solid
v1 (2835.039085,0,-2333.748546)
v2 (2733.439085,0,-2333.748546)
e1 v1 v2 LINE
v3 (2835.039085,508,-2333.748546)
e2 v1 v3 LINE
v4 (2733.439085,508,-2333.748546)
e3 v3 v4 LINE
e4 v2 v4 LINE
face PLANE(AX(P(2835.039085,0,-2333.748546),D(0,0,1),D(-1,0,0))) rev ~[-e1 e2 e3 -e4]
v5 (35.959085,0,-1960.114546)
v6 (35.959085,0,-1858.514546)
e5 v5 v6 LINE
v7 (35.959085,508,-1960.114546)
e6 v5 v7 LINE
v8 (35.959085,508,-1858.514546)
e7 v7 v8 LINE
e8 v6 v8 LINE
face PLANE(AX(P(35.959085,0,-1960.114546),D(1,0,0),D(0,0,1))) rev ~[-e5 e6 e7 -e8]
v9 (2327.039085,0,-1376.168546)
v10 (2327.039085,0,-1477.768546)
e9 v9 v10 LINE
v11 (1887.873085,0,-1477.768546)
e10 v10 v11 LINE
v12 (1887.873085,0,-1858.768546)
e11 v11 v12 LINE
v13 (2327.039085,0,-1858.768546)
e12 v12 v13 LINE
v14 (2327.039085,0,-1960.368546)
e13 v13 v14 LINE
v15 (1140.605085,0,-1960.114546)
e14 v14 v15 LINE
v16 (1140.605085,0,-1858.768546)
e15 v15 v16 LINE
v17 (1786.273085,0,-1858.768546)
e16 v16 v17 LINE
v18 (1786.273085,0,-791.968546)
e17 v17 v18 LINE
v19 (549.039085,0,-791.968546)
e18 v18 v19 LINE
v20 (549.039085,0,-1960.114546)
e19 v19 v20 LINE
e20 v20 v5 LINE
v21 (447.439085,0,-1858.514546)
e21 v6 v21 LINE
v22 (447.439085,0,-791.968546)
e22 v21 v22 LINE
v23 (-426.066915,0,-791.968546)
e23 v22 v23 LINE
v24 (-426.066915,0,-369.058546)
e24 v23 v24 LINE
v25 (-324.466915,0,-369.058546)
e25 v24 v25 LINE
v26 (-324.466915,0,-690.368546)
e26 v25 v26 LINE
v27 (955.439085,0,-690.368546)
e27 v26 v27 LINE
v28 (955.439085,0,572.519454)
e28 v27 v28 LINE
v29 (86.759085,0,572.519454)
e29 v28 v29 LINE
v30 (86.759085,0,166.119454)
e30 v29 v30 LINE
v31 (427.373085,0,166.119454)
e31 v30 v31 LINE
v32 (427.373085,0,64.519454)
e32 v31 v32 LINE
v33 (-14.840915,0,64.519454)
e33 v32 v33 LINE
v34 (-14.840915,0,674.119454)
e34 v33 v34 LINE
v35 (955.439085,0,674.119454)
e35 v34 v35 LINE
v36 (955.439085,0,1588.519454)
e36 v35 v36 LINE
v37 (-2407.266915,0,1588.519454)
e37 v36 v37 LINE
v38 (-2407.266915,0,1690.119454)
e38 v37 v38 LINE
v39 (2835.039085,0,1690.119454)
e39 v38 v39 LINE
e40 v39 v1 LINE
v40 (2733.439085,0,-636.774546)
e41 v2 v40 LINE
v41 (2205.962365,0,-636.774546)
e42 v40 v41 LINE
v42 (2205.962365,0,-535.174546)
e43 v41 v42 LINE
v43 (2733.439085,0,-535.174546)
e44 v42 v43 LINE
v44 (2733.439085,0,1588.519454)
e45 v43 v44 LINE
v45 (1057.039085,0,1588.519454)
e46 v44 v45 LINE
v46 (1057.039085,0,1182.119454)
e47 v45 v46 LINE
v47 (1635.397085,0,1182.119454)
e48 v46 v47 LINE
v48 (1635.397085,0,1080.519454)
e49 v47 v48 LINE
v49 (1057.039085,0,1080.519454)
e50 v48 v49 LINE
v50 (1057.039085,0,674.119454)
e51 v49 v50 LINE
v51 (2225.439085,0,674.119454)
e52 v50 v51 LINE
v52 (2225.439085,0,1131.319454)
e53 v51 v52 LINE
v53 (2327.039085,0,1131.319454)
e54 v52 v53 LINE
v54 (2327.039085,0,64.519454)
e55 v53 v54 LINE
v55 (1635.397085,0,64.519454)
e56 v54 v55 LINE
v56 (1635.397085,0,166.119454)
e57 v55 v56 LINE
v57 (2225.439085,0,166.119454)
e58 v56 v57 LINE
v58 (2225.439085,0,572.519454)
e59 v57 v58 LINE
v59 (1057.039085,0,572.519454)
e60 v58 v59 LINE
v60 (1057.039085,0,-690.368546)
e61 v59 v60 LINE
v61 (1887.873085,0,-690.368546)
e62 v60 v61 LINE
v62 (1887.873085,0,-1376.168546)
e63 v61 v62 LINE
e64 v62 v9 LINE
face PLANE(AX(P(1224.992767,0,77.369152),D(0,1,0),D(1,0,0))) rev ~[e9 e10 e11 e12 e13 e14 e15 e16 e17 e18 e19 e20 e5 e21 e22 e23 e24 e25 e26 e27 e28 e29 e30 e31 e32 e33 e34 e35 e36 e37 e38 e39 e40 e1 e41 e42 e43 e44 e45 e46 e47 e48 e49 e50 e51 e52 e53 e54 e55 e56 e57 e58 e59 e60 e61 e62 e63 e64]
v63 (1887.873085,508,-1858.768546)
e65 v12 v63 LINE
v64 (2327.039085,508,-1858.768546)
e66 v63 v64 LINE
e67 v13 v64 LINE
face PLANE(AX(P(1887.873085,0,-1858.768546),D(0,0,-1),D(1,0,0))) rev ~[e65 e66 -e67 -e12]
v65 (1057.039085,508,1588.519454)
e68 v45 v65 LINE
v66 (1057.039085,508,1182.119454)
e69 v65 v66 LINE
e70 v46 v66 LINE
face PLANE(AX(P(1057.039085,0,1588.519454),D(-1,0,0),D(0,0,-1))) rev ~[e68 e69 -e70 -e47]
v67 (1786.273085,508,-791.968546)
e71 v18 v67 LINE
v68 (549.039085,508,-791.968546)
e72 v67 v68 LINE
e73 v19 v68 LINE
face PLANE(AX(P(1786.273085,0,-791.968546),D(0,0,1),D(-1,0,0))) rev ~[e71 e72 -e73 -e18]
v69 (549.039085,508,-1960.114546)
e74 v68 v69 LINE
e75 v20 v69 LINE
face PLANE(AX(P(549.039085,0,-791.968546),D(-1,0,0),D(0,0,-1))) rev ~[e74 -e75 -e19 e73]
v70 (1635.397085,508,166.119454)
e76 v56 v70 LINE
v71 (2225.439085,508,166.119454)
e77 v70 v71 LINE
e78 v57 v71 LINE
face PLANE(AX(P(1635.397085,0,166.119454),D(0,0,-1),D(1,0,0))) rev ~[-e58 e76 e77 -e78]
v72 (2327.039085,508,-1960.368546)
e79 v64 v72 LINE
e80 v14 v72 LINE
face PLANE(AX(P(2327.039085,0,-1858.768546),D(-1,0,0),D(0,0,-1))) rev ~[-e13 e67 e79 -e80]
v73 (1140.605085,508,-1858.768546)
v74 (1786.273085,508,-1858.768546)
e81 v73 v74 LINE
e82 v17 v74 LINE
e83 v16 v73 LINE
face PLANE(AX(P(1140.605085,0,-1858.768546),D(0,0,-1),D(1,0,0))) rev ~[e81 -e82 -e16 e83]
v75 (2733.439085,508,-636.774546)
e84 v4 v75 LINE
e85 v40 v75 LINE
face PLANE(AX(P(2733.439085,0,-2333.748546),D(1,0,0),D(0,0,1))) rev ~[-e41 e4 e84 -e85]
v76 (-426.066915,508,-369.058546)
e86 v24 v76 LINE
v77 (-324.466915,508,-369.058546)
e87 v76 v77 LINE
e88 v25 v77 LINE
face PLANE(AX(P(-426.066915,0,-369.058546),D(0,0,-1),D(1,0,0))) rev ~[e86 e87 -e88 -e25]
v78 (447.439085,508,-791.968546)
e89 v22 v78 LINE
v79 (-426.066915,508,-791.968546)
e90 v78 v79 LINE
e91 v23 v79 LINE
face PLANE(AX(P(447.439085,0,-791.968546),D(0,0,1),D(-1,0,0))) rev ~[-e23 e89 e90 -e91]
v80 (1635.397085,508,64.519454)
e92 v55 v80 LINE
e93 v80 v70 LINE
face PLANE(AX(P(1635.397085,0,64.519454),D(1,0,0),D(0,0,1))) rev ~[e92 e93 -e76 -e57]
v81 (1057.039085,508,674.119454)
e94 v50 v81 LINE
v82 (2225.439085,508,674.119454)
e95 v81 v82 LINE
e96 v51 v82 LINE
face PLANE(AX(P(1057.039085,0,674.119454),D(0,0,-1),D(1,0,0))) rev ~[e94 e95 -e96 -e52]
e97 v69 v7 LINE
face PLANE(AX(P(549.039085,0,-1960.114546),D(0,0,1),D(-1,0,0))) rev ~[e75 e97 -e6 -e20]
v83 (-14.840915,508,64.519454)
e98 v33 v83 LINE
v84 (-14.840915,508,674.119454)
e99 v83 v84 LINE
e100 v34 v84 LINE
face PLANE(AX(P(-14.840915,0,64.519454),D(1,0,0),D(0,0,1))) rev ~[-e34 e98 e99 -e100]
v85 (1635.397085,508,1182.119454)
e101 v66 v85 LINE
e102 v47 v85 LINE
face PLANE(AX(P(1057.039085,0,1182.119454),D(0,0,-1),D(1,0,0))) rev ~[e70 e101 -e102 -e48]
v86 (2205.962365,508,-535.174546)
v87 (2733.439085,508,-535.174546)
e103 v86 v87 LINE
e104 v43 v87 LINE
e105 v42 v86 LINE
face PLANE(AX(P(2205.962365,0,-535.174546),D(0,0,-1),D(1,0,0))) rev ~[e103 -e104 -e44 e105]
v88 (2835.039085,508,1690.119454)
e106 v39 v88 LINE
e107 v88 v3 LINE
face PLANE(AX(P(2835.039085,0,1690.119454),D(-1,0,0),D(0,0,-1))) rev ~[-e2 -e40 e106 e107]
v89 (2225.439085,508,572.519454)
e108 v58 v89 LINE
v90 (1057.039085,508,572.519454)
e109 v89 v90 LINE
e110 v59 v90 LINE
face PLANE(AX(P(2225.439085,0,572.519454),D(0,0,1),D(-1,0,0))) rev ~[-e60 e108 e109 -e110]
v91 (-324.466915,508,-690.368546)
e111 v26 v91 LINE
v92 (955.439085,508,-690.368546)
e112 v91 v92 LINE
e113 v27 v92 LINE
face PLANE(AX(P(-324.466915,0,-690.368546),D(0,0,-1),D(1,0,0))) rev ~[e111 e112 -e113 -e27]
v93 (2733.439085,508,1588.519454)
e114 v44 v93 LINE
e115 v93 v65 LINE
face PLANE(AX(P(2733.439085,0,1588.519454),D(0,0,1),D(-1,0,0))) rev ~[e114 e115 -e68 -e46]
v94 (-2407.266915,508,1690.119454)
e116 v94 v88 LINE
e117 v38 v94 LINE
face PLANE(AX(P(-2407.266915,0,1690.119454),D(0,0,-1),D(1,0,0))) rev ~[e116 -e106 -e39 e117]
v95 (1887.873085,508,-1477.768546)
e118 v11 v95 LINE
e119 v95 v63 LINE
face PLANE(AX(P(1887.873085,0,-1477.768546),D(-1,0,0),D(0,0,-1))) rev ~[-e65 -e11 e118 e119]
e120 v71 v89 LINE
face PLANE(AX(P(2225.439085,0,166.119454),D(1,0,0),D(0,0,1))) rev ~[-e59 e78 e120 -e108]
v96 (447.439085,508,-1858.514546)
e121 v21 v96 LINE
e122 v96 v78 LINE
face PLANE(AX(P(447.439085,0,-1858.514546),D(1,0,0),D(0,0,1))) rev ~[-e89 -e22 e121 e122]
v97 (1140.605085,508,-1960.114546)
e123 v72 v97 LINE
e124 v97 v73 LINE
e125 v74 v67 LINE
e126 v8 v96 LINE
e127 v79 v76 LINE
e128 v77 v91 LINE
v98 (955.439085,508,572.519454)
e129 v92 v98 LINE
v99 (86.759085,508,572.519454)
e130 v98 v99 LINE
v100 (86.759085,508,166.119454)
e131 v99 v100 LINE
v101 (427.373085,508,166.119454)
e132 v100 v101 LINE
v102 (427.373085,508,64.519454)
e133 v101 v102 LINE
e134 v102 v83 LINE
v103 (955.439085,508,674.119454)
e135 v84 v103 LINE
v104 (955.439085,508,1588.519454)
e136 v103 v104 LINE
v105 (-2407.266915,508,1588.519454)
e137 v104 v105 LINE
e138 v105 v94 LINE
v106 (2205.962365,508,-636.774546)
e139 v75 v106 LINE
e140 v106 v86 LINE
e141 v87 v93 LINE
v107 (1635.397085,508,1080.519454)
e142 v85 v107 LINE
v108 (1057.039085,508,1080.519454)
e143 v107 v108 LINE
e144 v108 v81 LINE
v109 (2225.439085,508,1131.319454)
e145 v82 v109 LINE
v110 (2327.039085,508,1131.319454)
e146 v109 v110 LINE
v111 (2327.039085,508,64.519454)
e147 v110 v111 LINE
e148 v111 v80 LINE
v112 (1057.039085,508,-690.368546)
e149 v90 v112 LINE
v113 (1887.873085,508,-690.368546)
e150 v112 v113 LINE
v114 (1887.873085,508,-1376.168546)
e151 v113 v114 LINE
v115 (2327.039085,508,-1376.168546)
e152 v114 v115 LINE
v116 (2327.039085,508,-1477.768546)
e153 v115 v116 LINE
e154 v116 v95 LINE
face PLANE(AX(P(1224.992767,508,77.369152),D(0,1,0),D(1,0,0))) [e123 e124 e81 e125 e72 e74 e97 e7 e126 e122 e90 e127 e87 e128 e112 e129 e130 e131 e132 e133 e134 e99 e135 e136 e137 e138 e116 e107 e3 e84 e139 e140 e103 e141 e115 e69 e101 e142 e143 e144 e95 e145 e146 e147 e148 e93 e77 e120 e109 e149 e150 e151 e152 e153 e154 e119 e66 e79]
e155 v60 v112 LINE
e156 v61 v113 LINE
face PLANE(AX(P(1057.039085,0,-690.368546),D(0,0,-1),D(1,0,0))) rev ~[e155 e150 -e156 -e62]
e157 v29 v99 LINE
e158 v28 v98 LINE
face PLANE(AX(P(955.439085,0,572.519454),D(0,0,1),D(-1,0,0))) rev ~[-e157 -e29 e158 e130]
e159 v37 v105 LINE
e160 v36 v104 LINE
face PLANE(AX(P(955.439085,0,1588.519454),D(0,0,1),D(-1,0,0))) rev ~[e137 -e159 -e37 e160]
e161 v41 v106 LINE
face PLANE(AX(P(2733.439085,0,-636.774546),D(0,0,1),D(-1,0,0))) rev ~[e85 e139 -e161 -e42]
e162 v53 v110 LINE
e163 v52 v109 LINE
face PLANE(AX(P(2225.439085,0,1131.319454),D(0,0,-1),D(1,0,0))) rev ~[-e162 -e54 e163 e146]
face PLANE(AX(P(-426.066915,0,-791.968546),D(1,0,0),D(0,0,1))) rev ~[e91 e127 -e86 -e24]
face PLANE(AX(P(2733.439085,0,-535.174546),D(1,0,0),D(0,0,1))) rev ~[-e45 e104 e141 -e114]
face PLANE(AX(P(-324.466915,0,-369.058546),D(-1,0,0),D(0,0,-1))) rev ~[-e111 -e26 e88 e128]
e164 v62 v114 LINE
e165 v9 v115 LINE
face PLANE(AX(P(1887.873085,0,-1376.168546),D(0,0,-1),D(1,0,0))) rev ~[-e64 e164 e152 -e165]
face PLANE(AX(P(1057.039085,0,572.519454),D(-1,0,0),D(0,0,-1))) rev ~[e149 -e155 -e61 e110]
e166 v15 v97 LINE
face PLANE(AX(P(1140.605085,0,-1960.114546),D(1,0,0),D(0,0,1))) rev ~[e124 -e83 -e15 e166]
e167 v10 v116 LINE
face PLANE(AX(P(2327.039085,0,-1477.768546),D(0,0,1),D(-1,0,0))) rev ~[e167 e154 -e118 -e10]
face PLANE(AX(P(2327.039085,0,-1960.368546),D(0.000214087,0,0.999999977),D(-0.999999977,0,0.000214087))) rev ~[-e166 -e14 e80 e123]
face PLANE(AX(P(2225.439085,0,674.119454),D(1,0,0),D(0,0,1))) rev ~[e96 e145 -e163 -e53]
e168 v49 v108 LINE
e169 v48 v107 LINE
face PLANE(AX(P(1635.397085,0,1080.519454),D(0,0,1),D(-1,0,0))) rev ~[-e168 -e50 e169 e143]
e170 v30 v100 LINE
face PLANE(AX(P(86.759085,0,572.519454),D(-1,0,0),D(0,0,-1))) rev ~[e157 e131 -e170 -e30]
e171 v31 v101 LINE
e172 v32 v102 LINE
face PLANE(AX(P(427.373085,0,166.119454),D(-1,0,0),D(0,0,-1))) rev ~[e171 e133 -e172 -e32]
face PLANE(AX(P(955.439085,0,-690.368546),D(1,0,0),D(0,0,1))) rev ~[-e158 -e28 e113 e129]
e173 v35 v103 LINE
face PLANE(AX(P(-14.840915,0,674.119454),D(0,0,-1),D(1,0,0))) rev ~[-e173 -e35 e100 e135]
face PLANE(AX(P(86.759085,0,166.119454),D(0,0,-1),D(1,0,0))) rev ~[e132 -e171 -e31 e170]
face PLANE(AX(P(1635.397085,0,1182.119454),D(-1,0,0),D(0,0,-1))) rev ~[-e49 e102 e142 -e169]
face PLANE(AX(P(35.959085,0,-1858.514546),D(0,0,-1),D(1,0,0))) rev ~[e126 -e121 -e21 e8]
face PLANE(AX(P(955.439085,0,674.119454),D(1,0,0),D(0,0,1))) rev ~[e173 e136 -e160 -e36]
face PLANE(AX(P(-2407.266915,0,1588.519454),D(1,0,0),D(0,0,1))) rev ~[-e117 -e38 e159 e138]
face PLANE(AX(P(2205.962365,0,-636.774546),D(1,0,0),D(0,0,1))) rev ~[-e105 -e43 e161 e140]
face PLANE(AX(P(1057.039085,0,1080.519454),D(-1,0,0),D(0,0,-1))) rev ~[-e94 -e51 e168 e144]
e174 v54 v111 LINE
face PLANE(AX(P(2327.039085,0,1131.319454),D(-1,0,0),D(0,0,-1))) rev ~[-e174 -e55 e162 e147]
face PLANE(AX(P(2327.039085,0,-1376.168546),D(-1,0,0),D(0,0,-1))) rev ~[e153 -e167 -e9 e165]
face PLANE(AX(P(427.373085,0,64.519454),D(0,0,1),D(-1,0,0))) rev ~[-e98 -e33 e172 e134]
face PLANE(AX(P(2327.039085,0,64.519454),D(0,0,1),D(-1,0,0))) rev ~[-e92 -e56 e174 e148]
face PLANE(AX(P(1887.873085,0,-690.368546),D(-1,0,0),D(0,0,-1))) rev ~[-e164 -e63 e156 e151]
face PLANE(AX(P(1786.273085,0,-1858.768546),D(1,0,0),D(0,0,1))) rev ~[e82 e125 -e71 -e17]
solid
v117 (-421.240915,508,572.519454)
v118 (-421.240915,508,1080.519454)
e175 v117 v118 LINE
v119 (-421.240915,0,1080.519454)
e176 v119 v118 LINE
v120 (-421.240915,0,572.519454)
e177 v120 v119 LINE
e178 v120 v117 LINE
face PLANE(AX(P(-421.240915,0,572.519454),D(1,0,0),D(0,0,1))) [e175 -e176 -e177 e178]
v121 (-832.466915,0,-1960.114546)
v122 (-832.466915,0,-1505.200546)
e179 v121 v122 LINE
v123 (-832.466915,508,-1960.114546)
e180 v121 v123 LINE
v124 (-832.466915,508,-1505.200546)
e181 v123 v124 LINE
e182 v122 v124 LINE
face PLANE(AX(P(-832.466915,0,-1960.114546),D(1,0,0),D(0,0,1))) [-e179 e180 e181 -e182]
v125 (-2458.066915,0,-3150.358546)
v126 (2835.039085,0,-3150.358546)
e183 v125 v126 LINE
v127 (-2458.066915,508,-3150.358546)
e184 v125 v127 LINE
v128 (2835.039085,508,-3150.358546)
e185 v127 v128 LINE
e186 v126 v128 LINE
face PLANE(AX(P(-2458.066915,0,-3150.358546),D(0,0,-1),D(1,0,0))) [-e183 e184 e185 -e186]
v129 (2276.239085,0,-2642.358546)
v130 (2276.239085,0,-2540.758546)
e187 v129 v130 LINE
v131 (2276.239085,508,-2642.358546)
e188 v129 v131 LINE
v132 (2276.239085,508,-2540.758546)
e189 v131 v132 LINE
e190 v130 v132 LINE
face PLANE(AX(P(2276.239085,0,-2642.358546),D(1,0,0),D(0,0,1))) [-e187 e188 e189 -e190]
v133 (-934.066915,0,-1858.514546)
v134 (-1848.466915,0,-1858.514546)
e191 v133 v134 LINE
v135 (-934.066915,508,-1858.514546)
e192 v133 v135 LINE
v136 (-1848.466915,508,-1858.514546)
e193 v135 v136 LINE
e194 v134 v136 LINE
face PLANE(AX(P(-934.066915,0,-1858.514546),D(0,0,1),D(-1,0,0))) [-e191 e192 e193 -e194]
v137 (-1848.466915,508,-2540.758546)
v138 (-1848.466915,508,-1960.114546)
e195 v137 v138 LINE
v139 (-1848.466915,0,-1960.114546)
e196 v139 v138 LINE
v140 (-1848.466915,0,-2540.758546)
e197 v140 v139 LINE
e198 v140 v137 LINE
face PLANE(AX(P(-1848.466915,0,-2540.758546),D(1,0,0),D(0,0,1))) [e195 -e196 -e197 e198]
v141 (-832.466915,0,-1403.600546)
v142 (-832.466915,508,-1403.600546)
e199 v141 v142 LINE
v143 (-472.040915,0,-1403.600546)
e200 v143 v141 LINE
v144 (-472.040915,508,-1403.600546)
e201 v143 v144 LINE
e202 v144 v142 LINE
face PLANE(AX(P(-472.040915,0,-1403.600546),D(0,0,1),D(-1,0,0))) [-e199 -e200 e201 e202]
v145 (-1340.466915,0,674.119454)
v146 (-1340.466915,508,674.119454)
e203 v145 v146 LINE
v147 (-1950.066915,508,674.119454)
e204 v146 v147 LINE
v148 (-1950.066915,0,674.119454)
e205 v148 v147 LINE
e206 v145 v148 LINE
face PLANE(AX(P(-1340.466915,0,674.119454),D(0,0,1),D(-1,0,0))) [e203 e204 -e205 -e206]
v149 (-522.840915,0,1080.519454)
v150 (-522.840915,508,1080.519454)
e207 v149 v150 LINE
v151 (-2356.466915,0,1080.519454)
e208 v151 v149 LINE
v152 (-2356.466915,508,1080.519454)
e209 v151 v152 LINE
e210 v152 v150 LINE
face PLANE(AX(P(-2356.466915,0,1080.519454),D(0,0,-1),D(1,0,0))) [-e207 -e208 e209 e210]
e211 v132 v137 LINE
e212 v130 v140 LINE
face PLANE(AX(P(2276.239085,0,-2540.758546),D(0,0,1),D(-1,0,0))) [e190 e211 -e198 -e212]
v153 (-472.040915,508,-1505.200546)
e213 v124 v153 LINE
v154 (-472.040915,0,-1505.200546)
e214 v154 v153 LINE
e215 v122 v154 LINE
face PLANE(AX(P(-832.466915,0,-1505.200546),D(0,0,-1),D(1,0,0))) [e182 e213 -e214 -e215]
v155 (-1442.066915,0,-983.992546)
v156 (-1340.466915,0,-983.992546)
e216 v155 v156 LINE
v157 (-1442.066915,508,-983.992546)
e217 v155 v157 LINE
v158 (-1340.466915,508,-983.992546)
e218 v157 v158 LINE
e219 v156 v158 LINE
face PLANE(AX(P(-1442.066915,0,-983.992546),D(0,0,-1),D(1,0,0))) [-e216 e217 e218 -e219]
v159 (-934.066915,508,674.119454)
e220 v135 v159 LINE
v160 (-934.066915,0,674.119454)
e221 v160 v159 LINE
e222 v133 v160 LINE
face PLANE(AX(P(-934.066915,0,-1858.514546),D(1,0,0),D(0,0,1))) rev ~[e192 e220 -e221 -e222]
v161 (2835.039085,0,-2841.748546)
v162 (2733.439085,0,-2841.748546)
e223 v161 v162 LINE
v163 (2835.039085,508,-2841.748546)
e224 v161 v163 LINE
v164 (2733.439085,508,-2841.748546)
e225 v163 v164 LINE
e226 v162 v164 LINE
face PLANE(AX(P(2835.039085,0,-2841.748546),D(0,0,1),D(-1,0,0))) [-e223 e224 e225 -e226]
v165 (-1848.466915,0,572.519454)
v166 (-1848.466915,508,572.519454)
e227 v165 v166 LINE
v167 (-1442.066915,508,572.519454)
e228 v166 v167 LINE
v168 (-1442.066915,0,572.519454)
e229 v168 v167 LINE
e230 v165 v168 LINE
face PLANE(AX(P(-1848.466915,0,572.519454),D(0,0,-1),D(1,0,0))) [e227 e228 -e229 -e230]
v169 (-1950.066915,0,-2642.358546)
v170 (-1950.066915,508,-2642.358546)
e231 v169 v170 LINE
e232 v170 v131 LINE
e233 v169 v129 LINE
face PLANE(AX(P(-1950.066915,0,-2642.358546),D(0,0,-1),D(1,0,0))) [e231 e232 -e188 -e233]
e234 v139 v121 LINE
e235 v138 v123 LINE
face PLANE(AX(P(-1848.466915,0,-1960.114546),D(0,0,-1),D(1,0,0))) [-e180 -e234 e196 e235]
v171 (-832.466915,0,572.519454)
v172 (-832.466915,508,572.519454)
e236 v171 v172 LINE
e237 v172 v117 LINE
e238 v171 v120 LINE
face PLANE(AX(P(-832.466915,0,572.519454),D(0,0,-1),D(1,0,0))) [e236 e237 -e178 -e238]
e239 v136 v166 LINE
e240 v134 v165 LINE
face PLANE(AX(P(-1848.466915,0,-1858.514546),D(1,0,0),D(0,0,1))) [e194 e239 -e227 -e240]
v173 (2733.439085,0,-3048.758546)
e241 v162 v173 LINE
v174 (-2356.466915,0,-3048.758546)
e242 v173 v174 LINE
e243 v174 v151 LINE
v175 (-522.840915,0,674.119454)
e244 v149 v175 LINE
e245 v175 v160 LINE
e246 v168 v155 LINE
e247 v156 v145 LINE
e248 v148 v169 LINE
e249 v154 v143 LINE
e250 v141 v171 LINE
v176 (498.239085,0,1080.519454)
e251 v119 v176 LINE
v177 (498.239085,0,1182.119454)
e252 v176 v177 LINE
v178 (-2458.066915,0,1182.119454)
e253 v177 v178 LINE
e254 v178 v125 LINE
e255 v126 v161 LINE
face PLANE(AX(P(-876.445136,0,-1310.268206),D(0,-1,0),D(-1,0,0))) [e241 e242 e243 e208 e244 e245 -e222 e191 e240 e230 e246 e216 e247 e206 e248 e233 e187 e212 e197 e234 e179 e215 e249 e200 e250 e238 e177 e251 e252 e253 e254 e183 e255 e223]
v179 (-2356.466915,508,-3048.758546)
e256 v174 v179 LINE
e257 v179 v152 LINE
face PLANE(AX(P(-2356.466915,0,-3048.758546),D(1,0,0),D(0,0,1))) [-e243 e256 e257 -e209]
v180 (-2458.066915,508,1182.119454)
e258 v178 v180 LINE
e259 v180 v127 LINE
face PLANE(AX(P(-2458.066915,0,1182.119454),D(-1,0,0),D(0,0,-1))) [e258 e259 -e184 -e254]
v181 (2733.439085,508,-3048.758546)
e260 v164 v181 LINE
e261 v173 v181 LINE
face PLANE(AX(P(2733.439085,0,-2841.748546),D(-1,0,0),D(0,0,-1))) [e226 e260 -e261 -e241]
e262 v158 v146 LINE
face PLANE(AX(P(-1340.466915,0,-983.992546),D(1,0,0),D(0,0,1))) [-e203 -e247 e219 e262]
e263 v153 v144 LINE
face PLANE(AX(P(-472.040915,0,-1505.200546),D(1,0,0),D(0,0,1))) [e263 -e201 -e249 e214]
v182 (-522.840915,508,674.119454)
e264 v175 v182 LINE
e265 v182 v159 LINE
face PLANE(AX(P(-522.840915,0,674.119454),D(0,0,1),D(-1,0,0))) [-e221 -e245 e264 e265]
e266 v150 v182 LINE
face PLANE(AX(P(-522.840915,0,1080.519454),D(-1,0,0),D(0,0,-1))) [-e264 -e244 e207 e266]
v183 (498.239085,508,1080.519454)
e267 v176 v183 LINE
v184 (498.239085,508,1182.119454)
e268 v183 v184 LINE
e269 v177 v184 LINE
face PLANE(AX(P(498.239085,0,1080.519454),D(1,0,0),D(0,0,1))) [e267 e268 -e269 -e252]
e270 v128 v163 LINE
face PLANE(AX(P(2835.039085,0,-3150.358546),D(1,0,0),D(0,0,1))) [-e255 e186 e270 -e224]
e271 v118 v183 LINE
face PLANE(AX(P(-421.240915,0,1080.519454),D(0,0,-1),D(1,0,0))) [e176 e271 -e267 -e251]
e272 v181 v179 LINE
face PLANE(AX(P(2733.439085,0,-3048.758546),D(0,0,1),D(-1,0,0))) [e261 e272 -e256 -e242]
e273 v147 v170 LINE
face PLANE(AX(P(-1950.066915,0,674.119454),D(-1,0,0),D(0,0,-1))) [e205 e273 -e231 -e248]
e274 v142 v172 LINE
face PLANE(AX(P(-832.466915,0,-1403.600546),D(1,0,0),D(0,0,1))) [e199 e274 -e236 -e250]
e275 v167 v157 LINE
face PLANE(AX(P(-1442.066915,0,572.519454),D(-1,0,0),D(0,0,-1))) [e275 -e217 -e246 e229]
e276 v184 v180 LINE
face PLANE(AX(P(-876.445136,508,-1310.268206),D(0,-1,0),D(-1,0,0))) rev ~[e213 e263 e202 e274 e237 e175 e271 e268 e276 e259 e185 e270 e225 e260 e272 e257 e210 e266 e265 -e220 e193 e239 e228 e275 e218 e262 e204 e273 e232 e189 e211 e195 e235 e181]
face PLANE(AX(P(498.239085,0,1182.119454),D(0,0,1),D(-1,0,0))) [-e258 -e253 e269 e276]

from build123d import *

# Parameters (mm, degrees)
BOSS_EXTRUDE1_DEPTH = 508
BOSS_EXTRUDE2_DEPTH = 508


with BuildPart() as part:
    # Sketch1 → Boss-Extrude1 (new body)
    with BuildSketch(Plane(origin=(0, 0, 0), x_dir=(1, 0, 0), z_dir=(0, 1, 0))):
        Polygon((-2407.2669152, -1690.1194544), (2835.0390848, -1690.1194544), (2835.0390848, 2333.7485456), (2733.4390848, 2333.7485456), (2733.4390848, 636.7745456), (2205.9623648, 636.7745456), (2205.9623648, 535.1745456), (2733.4390848, 535.1745456), (2733.4390848, -1588.5194544), (1057.0390848, -1588.5194544), (1057.0390848, -1182.1194544), (1635.3970848, -1182.1194544), (1635.3970848, -1080.5194544), (1057.0390848, -1080.5194544), (1057.0390848, -674.1194544), (2225.4390848, -674.1194544), (2225.4390848, -1131.3194544), (2327.0390848, -1131.3194544), (2327.0390848, -64.5194544), (1635.3970848, -64.5194544), (1635.3970848, -166.1194544), (2225.4390848, -166.1194544), (2225.4390848, -572.5194544), (1057.0390848, -572.5194544), (1057.0390848, 690.3685456), (1887.8730848, 690.3685456), (1887.8730848, 1376.1685456), (2327.0390848, 1376.1685456), (2327.0390848, 1477.7685456), (1887.8730848, 1477.7685456), (1887.8730848, 1858.7685456), (2327.0390848, 1858.7685456), (2327.0390848, 1960.3685456), (1140.6050848, 1960.1145456), (1140.6050848, 1858.7685456), (1786.2730848, 1858.7685456), (1786.2730848, 791.9685456), (549.0390848, 791.9685456), (549.0390848, 1960.1145456), (35.9590848, 1960.1145456), (35.9590848, 1858.5145456), (447.4390848, 1858.5145456), (447.4390848, 791.9685456), (-426.0669152, 791.9685456), (-426.0669152, 369.0585456), (-324.4669152, 369.0585456), (-324.4669152, 690.3685456), (955.4390848, 690.3685456), (955.4390848, -572.5194544), (86.7590848, -572.5194544), (86.7590848, -166.1194544), (427.3730848, -166.1194544), (427.3730848, -64.5194544), (-14.8409152, -64.5194544), (-14.8409152, -674.1194544), (955.4390848, -674.1194544), (955.4390848, -1588.5194544), (-2407.2669152, -1588.5194544), align=None)
    extrude(amount=BOSS_EXTRUDE1_DEPTH)


with BuildPart() as body_2:
    # Sketch1<3> → Boss-Extrude2 (new body)
    with BuildSketch(Plane(origin=(0, 0, 0), x_dir=(1, 0, 0), z_dir=(0, 1, 0))):
        Polygon((498.2390848, -1182.1194544), (-2458.0669152, -1182.1194544), (-2458.0669152, 3150.3585456), (2835.0390848, 3150.3585456), (2835.0390848, 2841.7485456), (2733.4390848, 2841.7485456), (2733.4390848, 3048.7585456), (-2356.4669152, 3048.7585456), (-2356.4669152, -1080.5194544), (-522.8409152, -1080.5194544), (-522.8409152, -674.1194544), (-934.0669152, -674.1194544), (-934.0669152, 1454.4005456), (-934.0669152, 1858.5145456), (-1848.4669152, 1858.5145456), (-1848.4669152, -572.5194544), (-1442.0669152, -572.5194544), (-1442.0669152, 983.9925456), (-1340.4669152, 983.9925456), (-1340.4669152, -674.1194544), (-1950.0669152, -674.1194544), (-1950.0669152, 2642.3585456), (2276.2390848, 2642.3585456), (2276.2390848, 2540.7585456), (-1848.4669152, 2540.7585456), (-1848.4669152, 1960.1145456), (-832.4669152, 1960.1145456), (-832.4669152, 1505.2005456), (-472.0409152, 1505.2005456), (-472.0409152, 1403.6005456), (-832.4669152, 1403.6005456), (-832.4669152, -572.5194544), (-421.2409152, -572.5194544), (-421.2409152, -1080.5194544), (498.2390848, -1080.5194544), align=None)
    extrude(amount=BOSS_EXTRUDE2_DEPTH)


solid = Compound([part.part, body_2.part])
